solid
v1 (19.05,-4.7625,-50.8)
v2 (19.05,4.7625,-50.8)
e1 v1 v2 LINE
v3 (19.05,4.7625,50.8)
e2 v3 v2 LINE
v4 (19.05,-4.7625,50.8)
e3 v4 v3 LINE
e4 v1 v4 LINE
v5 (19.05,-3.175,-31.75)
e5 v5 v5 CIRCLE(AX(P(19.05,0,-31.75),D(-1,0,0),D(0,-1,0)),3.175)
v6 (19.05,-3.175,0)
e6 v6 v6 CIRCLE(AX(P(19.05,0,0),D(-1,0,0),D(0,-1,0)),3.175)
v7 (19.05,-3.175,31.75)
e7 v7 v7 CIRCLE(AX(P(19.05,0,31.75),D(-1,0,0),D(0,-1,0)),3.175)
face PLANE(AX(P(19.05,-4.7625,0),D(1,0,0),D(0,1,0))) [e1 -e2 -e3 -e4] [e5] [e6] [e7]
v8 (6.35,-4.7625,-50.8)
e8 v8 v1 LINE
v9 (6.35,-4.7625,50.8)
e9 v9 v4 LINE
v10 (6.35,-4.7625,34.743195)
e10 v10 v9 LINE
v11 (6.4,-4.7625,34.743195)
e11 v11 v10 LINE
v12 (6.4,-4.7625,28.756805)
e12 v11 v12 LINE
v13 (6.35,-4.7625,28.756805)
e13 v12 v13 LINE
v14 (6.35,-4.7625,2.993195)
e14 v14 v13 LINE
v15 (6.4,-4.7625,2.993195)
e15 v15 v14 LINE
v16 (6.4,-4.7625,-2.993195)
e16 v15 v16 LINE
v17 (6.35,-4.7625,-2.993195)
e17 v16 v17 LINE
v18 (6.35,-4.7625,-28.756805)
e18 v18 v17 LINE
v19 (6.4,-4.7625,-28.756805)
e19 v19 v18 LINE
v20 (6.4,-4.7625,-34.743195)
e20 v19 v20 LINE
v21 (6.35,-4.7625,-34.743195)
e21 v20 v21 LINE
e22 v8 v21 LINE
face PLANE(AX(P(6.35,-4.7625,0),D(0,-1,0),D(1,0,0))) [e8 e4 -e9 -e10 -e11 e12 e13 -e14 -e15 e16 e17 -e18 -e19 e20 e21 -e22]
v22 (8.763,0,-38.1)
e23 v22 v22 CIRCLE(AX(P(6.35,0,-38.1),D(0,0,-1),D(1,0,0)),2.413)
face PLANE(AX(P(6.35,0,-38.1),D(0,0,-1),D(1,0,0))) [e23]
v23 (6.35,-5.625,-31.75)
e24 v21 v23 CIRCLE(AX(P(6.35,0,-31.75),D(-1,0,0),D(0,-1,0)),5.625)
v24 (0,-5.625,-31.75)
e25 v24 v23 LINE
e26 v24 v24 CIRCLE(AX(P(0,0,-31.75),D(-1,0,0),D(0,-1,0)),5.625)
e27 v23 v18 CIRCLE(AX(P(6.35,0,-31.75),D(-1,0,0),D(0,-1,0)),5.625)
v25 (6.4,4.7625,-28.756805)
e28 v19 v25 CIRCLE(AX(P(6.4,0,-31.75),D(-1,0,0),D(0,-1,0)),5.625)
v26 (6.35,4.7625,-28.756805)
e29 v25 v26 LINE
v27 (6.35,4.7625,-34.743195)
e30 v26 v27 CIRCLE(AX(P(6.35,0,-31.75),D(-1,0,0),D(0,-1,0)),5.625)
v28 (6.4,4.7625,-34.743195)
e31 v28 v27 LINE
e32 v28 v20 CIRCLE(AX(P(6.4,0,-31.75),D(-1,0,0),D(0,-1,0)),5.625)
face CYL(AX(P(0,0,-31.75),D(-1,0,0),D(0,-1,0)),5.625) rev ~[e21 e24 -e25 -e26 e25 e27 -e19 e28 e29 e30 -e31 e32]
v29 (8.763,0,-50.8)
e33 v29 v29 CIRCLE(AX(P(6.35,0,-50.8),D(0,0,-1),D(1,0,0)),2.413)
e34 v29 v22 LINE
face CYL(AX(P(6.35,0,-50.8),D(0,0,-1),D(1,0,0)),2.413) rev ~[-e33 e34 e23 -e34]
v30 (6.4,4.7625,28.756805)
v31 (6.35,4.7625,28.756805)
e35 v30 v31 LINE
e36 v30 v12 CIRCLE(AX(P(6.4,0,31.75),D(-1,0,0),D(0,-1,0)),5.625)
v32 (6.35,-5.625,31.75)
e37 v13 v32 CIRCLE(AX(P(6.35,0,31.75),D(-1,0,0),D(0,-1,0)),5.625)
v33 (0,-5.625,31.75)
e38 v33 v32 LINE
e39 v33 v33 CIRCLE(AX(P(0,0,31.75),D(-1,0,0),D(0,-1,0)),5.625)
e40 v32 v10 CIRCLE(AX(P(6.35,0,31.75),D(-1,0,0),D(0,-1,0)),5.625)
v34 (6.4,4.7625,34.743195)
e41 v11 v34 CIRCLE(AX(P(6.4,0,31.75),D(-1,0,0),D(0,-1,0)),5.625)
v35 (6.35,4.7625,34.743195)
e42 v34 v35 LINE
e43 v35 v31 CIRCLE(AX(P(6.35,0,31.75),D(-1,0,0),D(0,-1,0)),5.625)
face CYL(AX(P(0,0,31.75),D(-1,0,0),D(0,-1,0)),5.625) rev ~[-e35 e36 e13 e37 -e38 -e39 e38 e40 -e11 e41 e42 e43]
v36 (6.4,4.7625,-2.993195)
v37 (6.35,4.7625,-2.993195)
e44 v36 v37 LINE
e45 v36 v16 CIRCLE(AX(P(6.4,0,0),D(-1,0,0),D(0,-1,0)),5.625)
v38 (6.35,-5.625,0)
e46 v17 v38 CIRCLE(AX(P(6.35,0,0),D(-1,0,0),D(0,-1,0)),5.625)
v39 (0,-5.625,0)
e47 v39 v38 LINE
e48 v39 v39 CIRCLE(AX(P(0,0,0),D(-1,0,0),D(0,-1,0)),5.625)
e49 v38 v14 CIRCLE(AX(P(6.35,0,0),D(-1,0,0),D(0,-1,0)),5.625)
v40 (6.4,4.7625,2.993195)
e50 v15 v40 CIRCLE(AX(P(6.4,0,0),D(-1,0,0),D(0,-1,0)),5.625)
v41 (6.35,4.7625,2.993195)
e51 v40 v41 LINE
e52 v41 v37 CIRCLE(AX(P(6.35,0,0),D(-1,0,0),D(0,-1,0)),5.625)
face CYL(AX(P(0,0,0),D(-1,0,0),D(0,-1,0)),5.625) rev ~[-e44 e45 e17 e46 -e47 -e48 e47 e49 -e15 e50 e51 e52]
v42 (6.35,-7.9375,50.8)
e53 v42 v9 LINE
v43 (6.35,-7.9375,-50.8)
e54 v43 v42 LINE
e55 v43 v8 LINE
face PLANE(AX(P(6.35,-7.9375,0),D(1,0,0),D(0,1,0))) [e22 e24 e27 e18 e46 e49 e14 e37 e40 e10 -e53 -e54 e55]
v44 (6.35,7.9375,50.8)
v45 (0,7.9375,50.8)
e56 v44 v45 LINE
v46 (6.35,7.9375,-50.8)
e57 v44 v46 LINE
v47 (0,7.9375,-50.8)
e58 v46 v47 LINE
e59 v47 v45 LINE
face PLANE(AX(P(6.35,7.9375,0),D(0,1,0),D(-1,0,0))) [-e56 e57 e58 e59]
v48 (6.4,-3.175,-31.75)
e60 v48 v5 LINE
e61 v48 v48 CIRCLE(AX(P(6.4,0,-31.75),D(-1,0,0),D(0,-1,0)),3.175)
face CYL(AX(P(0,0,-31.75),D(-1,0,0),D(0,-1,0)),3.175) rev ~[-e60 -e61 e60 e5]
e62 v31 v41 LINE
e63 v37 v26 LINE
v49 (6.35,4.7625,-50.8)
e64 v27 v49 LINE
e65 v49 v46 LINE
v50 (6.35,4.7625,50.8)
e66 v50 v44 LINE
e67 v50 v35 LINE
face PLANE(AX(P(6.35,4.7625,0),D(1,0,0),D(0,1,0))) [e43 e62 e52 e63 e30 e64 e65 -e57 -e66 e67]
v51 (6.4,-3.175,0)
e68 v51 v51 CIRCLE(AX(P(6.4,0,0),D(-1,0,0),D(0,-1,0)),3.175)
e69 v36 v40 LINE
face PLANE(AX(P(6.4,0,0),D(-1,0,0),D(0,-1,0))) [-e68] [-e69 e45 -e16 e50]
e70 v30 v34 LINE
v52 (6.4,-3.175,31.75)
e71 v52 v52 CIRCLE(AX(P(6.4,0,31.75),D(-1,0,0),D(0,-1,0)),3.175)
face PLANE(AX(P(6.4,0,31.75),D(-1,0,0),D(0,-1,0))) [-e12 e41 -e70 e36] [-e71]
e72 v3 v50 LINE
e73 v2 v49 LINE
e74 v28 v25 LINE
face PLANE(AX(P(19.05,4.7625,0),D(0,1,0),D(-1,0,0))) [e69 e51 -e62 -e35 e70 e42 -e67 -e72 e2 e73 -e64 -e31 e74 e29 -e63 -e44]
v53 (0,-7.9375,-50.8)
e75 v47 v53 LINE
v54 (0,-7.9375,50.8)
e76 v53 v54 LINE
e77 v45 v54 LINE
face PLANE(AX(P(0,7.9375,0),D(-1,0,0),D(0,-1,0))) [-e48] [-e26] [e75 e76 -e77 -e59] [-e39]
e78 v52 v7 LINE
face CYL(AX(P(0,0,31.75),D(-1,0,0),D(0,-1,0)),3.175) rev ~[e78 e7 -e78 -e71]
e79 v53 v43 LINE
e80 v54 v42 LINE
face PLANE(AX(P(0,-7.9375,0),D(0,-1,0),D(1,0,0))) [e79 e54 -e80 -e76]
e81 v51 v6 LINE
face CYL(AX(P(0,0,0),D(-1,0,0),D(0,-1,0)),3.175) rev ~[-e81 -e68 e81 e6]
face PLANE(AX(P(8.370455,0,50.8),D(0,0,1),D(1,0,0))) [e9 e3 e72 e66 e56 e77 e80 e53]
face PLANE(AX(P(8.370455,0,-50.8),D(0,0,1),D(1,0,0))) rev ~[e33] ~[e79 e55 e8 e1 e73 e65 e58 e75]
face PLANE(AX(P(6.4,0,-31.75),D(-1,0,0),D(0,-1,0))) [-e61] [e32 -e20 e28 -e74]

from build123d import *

# Parameters (mm, degrees)
F1_DEPTH = 50.8
F2_R     = 3.175
F3_DEPTH = 19.051
F4_R     = 5.625
F5_DEPTH = 6.4
F6_R     = 2.413
F7_DEPTH = 12.7


with BuildPart() as f1:
    # F0 (on Top) → F1 (new body, symmetric)
    with BuildSketch(Plane.XY):
        Polygon((6.35, 7.9375), (0, 7.9375), (0, -7.9375), (6.35, -7.9375), (6.35, -4.7625), (16.637, -4.7625), (19.05, -4.7625), (19.05, 4.7625), (16.637, 4.7625), (6.35, 4.7625), align=None)
    extrude(amount=F1_DEPTH, both=True)

    # F2 (on face) → F3 (cut, through all)
    with BuildSketch(Plane(origin=(0, 0, 0), x_dir=(0, -1, 0), z_dir=(-1, 0, 0))):
        with Locations((0, 31.75)):
            Circle(F2_R)
        Circle(F2_R)
        with Locations((0, -31.75)):
            Circle(F2_R)
    extrude(amount=-F3_DEPTH, mode=Mode.SUBTRACT)

    # F4 (on face) → F5 (cut)
    with BuildSketch(Plane(origin=(0, 0, 0), x_dir=(0, -1, 0), z_dir=(-1, 0, 0))):
        with Locations((0, 31.75)):
            Circle(F4_R)
        Circle(F4_R)
        with Locations((0, -31.75)):
            Circle(F4_R)
    extrude(amount=-F5_DEPTH, mode=Mode.SUBTRACT)

    # F6 (on face) → F7 (cut)
    with BuildSketch(Plane(origin=(0, 0, -50.8), x_dir=(1, 0, 0), z_dir=(0, 0, -1))):
        with Locations((6.35, 0)):
            Circle(F6_R)
    extrude(amount=-F7_DEPTH, mode=Mode.SUBTRACT)


solid = f1.part
